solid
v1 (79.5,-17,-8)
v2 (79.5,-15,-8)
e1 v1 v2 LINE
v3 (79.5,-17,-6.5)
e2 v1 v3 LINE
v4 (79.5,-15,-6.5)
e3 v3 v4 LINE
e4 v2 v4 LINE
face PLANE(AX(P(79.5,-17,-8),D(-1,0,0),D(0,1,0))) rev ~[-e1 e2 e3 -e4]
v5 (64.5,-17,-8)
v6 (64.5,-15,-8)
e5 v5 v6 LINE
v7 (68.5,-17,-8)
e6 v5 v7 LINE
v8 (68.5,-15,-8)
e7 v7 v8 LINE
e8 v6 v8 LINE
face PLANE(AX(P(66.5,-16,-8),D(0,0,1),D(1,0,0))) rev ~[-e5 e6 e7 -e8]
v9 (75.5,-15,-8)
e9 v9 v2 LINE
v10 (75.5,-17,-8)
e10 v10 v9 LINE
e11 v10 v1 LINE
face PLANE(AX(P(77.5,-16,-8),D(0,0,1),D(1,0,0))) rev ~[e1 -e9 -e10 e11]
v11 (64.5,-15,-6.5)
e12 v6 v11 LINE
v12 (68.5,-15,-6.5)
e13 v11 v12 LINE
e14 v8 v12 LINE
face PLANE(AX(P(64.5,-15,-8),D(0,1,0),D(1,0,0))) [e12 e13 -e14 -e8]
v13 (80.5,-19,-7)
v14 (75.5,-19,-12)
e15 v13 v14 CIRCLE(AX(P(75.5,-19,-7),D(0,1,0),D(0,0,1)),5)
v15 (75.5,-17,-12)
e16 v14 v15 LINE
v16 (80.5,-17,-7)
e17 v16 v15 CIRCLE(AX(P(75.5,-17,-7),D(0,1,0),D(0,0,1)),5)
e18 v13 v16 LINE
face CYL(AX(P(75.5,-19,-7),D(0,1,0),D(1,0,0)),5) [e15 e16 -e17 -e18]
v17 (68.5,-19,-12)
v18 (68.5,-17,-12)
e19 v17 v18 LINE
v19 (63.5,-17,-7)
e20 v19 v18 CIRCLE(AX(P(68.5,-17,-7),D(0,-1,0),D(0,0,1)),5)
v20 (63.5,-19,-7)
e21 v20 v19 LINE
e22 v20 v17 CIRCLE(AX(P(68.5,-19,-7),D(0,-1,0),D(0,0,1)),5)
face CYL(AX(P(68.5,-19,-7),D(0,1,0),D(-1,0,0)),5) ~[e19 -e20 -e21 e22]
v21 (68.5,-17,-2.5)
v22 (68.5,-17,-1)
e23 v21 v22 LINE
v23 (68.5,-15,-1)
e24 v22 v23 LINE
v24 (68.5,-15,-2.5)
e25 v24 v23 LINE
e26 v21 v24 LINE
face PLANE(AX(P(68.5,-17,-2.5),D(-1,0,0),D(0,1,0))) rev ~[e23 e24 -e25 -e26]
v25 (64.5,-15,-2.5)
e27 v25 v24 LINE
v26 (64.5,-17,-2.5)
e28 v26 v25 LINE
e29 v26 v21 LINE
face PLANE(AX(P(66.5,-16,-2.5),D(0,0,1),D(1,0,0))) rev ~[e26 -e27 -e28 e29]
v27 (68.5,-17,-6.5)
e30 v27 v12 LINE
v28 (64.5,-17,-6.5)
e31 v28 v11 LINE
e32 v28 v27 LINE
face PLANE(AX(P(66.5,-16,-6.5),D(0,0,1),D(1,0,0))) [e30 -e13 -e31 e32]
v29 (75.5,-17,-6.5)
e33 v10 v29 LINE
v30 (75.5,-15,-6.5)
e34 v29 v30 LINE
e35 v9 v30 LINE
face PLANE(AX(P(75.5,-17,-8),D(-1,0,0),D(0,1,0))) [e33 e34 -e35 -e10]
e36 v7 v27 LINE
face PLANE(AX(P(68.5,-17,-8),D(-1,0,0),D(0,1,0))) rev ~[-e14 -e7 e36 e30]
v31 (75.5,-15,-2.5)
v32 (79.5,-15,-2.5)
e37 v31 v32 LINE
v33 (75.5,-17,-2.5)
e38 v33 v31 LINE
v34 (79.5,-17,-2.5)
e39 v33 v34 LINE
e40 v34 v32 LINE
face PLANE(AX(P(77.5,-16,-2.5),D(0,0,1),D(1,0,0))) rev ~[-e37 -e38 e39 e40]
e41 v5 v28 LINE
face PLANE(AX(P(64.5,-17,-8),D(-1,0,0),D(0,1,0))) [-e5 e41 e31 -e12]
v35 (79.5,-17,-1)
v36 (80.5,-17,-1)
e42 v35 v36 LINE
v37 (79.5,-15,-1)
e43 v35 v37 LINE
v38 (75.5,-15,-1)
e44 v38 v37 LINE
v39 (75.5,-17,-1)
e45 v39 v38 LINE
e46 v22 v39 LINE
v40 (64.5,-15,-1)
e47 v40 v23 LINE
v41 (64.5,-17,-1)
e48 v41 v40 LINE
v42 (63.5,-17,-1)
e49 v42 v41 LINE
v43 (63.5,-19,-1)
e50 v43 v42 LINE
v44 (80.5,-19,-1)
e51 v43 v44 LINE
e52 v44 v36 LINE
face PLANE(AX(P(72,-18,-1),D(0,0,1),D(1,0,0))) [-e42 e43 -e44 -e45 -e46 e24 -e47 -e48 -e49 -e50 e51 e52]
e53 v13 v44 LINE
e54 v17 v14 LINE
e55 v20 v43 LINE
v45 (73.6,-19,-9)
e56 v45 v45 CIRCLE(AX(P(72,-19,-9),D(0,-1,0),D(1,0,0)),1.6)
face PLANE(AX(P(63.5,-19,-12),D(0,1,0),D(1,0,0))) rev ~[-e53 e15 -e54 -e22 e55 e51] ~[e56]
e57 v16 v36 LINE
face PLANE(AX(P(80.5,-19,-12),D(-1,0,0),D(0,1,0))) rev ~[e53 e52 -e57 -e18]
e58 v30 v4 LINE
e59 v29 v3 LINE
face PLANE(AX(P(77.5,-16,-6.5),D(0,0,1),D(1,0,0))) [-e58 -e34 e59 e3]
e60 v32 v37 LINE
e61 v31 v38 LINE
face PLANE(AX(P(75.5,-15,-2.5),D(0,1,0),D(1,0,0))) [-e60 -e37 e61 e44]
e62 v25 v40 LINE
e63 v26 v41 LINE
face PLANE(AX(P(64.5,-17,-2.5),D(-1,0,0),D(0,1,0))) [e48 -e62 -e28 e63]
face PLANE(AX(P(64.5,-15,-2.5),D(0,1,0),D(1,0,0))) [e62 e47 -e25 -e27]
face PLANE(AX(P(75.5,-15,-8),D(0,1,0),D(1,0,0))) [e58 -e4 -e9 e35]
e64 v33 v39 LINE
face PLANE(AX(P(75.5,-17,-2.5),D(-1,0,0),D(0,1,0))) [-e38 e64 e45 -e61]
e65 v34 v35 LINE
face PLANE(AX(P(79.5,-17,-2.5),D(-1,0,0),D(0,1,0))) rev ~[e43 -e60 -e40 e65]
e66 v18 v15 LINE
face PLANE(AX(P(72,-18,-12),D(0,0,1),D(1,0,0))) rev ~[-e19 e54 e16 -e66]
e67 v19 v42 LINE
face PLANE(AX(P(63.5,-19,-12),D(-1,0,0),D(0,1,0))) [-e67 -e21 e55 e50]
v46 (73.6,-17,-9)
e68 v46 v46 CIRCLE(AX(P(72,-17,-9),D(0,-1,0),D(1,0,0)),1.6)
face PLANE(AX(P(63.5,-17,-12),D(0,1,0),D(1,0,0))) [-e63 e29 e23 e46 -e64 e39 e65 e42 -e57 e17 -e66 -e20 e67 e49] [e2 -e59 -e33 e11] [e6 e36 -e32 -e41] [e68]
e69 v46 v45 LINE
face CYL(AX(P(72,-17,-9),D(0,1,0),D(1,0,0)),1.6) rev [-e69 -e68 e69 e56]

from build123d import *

# Parameters (mm, degrees)
BOX177_W          = 4
BOX177_H          = 2
BOX177_DEPTH      = 1.5
BOX172_W          = 4
BOX172_H          = 2
BOX172_DEPTH      = 1.5
BOX171_W          = 4
BOX171_H          = 2
BOX171_DEPTH      = 1.5
BOX170_W          = 4
BOX170_H          = 2
BOX170_DEPTH      = 1.5
CYLINDER068_R     = 1.6
CYLINDER068_DEPTH = 2
BOX169_W          = 17
BOX169_H          = 2
BOX169_DEPTH      = 11
FILLET037_R       = 5


with BuildPart() as cube166:
    # Box177 → Box177 (new body)
    with BuildSketch(Plane(origin=(64.5, -17, -8), x_dir=(1, 0, 0), z_dir=(0, 0, 1))):
        with Locations((2, 1)):
            Rectangle(BOX177_W, BOX177_H)
    extrude(amount=BOX177_DEPTH)


with BuildPart() as cube161:
    # Box172 → Box172 (new body)
    with BuildSketch(Plane(origin=(75.5, -17, -8), x_dir=(1, 0, 0), z_dir=(0, 0, 1))):
        with Locations((2, 1)):
            Rectangle(BOX172_W, BOX172_H)
    extrude(amount=BOX172_DEPTH)


with BuildPart() as cube160:
    # Box171 → Box171 (new body)
    with BuildSketch(Plane(origin=(64.5, -17, -2.5), x_dir=(1, 0, 0), z_dir=(0, 0, 1))):
        with Locations((2, 1)):
            Rectangle(BOX171_W, BOX171_H)
    extrude(amount=BOX171_DEPTH)


with BuildPart() as cube159:
    # Box170 → Box170 (new body)
    with BuildSketch(Plane(origin=(75.5, -17, -2.5), x_dir=(1, 0, 0), z_dir=(0, 0, 1))):
        with Locations((2, 1)):
            Rectangle(BOX170_W, BOX170_H)
    extrude(amount=BOX170_DEPTH)


with BuildPart() as cylinder149:
    # Cylinder068 → Cylinder068 (new body)
    with BuildSketch(Plane(origin=(72, -17, -9), x_dir=(1, 0, 0), z_dir=(0, -1, 0))):
        Circle(CYLINDER068_R)
    extrude(amount=CYLINDER068_DEPTH)


with BuildPart() as fusion053:
    # Box169 → Box169 (new body)
    with BuildSketch(Plane(origin=(63.5, -19, -12), x_dir=(1, 0, 0), z_dir=(0, 0, 1))):
        with Locations((8.5, 1)):
            Rectangle(BOX169_W, BOX169_H)
    extrude(amount=BOX169_DEPTH)

    # Fillet037
    fillet037_edges = [fusion053.edges().sort_by_distance(p)[0] for p in [
        (63.5, -18, -12),
        (80.5, -18, -12),
    ]]
    fillet(fillet037_edges, radius=FILLET037_R)

    # Cut091: cut Cylinder149
    add(cylinder149.part, mode=Mode.SUBTRACT)

    # Fusion053: union Cube166, Cube161, Cube160, Cube159
    add(cube166.part)
    add(cube161.part)
    add(cube160.part)
    add(cube159.part)


solid = fusion053.part
